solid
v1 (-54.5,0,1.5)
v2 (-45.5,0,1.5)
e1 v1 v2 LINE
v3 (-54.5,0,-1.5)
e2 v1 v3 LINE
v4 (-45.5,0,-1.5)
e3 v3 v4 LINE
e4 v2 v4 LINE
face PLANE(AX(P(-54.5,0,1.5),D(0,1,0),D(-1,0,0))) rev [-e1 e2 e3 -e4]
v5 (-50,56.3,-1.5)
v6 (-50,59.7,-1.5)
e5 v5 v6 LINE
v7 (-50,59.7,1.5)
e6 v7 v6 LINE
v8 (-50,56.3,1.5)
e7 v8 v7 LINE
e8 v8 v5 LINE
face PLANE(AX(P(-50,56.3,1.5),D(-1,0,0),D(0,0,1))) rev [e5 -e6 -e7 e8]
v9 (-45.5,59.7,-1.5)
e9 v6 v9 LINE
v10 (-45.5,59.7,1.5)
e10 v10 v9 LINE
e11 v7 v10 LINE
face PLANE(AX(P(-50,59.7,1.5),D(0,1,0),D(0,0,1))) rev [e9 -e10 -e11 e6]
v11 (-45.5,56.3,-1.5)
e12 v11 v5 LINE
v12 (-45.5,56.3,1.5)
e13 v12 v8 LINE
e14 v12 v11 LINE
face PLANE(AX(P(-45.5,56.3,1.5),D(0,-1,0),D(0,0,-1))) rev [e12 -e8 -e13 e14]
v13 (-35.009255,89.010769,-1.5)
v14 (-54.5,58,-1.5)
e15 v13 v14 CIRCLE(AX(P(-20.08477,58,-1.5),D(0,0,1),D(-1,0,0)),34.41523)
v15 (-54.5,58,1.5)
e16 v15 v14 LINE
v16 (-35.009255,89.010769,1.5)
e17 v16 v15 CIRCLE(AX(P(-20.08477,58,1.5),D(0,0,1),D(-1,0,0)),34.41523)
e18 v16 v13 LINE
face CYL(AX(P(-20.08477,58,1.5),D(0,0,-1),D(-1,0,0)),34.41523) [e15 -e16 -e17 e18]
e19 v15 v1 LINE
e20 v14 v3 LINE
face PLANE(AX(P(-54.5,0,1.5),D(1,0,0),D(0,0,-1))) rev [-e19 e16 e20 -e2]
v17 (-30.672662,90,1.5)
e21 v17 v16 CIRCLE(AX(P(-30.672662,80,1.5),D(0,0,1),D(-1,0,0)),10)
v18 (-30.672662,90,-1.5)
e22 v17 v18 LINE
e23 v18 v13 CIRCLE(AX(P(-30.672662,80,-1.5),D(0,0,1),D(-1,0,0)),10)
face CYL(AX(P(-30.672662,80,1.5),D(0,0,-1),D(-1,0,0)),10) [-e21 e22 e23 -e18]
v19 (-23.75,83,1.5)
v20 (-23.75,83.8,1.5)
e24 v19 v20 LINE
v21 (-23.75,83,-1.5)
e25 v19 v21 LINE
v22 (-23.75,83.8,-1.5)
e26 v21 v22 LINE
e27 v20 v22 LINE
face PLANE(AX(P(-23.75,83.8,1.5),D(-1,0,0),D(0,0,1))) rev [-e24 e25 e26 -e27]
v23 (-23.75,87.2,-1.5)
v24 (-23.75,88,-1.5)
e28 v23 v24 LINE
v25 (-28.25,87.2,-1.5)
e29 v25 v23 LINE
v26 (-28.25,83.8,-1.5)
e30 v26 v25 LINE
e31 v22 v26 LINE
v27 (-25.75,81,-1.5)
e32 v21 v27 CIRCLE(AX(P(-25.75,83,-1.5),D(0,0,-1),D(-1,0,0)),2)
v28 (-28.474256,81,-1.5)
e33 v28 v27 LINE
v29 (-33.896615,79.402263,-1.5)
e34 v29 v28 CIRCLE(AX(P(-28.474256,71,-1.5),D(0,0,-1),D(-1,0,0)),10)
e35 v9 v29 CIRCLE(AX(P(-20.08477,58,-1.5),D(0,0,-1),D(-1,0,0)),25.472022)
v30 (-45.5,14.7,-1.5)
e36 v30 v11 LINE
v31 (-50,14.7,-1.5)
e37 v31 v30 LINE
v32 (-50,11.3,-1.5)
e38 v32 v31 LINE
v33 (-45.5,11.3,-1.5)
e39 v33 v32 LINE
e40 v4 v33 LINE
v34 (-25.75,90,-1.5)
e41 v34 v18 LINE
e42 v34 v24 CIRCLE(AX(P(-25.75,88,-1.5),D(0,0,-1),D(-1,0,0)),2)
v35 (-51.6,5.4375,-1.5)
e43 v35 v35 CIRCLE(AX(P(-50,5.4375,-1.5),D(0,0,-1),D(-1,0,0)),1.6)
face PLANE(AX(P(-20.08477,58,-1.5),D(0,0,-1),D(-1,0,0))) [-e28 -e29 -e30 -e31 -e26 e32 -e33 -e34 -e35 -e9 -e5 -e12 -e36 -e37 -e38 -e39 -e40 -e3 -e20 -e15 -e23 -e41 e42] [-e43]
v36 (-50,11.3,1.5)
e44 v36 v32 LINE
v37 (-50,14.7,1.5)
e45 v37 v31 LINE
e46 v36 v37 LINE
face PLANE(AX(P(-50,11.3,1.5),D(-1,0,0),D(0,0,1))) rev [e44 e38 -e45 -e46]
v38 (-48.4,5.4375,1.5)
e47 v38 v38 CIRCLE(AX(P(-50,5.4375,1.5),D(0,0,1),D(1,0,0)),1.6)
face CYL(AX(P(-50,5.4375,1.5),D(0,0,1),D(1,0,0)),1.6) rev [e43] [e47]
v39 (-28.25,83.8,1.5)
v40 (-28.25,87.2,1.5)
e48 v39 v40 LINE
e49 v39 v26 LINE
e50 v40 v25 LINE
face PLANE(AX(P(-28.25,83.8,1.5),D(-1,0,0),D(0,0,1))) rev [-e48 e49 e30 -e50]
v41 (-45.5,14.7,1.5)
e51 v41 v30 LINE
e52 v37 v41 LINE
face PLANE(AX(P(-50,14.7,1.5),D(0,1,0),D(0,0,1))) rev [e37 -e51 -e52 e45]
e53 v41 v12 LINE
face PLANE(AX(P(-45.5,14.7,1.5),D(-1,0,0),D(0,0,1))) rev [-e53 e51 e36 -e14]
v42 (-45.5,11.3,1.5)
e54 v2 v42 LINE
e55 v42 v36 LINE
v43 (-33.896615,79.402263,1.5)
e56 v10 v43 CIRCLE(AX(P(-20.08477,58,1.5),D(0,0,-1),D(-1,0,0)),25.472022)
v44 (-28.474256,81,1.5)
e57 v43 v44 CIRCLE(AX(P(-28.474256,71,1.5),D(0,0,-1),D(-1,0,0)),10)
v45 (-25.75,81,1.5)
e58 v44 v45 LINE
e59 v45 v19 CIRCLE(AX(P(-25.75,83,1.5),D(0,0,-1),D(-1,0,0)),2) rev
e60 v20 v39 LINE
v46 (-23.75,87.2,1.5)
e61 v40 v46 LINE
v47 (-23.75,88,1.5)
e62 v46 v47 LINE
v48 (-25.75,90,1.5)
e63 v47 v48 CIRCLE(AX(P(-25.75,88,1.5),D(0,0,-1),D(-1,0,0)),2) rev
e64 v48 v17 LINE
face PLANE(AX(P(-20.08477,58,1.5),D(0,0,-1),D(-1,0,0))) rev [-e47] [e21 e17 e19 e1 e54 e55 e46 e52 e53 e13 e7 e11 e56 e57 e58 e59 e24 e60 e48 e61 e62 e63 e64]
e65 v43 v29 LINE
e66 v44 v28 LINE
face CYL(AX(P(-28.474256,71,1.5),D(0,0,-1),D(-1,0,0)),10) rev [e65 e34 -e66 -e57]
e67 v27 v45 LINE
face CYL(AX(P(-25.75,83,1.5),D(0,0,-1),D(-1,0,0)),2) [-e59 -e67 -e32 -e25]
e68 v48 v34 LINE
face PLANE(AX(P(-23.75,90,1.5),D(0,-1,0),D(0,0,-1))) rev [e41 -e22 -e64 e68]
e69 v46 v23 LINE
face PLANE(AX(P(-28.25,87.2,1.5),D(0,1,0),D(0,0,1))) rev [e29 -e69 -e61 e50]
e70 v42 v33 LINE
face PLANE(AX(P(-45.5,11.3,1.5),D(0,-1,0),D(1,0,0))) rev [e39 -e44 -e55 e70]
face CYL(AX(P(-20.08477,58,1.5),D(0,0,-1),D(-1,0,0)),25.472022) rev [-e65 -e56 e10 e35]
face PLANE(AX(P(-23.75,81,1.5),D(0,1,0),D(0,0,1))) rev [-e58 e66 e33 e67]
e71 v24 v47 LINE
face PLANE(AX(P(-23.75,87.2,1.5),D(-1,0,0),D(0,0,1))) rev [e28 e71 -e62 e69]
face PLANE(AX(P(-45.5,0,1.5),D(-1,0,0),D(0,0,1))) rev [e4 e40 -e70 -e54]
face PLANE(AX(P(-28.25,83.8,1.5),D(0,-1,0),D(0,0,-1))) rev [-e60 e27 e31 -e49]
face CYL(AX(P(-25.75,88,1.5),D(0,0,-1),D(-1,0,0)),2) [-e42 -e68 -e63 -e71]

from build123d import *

# Parameters (mm, degrees)
BOSS_EXTRUDE1_DEPTH      = 1.5
M3_CLEARANCE_HOLE1_D     = 3.2
M3_CLEARANCE_HOLE1_DEPTH = 10
M3_CLEARANCE_HOLE1_TIP   = 0.96137699
FILLET1_R                = 2


with BuildPart() as part:
    # Sketch1 → Boss-Extrude1 (new, symmetric)
    with BuildSketch(Plane.XY):
        with BuildLine():
            Line((-54.5, 0), (-45.5, 0))
            Line((-45.5, 0), (-45.5, 11.3))
            Line((-45.5, 11.3), (-50, 11.3))
            Line((-50, 11.3), (-50, 14.7))
            Line((-50, 14.7), (-45.5, 14.7))
            Line((-45.5, 14.7), (-45.5, 56.3))
            Line((-45.5, 56.3), (-50, 56.3))
            Line((-50, 56.3), (-50, 59.7))
            Line((-50, 59.7), (-45.5, 59.7))
            ThreePointArc((-45.5, 59.7), (-42.033246866, 70.926263127), (-33.896614513, 79.402263071))
            ThreePointArc((-33.896614513, 79.402263071), (-31.300681808, 80.592252882), (-28.474255682, 81))
            Line((-28.474255682, 81), (-23.75, 81))
            Line((-23.75, 81), (-23.75, 83.8))
            Line((-23.75, 83.8), (-28.25, 83.8))
            Line((-28.25, 83.8), (-28.25, 87.2))
            Line((-28.25, 87.2), (-23.75, 87.2))
            Line((-23.75, 87.2), (-23.75, 90))
            Line((-23.75, 90), (-30.672661807, 90))
            ThreePointArc((-30.672661807, 90), (-32.89665693, 89.749556179), (-35.009254886, 89.010769138))
            ThreePointArc((-35.009254886, 89.010769138), (-49.222697481, 76.313635273), (-54.5, 58))
            Line((-54.5, 58), (-54.5, 0))
        make_face()
    extrude(amount=BOSS_EXTRUDE1_DEPTH, both=True)

    # M3 Clearance Hole1
    with Locations(Plane.XY.offset(1.5)):
        with Locations((-50, 5.4375)):
            Hole(M3_CLEARANCE_HOLE1_D / 2, depth=M3_CLEARANCE_HOLE1_DEPTH)
            with Locations((0, 0, -(M3_CLEARANCE_HOLE1_DEPTH + M3_CLEARANCE_HOLE1_TIP / 2))):  # 118° drill point
                Cone(0, M3_CLEARANCE_HOLE1_D / 2, M3_CLEARANCE_HOLE1_TIP, mode=Mode.SUBTRACT)

    # Fillet1
    fillet1_edges = [part.edges().sort_by_distance(p)[0] for p in [
        (-23.75, 90, 0),
        (-23.75, 81, 0),
    ]]
    fillet(fillet1_edges, radius=FILLET1_R)


solid = part.part
